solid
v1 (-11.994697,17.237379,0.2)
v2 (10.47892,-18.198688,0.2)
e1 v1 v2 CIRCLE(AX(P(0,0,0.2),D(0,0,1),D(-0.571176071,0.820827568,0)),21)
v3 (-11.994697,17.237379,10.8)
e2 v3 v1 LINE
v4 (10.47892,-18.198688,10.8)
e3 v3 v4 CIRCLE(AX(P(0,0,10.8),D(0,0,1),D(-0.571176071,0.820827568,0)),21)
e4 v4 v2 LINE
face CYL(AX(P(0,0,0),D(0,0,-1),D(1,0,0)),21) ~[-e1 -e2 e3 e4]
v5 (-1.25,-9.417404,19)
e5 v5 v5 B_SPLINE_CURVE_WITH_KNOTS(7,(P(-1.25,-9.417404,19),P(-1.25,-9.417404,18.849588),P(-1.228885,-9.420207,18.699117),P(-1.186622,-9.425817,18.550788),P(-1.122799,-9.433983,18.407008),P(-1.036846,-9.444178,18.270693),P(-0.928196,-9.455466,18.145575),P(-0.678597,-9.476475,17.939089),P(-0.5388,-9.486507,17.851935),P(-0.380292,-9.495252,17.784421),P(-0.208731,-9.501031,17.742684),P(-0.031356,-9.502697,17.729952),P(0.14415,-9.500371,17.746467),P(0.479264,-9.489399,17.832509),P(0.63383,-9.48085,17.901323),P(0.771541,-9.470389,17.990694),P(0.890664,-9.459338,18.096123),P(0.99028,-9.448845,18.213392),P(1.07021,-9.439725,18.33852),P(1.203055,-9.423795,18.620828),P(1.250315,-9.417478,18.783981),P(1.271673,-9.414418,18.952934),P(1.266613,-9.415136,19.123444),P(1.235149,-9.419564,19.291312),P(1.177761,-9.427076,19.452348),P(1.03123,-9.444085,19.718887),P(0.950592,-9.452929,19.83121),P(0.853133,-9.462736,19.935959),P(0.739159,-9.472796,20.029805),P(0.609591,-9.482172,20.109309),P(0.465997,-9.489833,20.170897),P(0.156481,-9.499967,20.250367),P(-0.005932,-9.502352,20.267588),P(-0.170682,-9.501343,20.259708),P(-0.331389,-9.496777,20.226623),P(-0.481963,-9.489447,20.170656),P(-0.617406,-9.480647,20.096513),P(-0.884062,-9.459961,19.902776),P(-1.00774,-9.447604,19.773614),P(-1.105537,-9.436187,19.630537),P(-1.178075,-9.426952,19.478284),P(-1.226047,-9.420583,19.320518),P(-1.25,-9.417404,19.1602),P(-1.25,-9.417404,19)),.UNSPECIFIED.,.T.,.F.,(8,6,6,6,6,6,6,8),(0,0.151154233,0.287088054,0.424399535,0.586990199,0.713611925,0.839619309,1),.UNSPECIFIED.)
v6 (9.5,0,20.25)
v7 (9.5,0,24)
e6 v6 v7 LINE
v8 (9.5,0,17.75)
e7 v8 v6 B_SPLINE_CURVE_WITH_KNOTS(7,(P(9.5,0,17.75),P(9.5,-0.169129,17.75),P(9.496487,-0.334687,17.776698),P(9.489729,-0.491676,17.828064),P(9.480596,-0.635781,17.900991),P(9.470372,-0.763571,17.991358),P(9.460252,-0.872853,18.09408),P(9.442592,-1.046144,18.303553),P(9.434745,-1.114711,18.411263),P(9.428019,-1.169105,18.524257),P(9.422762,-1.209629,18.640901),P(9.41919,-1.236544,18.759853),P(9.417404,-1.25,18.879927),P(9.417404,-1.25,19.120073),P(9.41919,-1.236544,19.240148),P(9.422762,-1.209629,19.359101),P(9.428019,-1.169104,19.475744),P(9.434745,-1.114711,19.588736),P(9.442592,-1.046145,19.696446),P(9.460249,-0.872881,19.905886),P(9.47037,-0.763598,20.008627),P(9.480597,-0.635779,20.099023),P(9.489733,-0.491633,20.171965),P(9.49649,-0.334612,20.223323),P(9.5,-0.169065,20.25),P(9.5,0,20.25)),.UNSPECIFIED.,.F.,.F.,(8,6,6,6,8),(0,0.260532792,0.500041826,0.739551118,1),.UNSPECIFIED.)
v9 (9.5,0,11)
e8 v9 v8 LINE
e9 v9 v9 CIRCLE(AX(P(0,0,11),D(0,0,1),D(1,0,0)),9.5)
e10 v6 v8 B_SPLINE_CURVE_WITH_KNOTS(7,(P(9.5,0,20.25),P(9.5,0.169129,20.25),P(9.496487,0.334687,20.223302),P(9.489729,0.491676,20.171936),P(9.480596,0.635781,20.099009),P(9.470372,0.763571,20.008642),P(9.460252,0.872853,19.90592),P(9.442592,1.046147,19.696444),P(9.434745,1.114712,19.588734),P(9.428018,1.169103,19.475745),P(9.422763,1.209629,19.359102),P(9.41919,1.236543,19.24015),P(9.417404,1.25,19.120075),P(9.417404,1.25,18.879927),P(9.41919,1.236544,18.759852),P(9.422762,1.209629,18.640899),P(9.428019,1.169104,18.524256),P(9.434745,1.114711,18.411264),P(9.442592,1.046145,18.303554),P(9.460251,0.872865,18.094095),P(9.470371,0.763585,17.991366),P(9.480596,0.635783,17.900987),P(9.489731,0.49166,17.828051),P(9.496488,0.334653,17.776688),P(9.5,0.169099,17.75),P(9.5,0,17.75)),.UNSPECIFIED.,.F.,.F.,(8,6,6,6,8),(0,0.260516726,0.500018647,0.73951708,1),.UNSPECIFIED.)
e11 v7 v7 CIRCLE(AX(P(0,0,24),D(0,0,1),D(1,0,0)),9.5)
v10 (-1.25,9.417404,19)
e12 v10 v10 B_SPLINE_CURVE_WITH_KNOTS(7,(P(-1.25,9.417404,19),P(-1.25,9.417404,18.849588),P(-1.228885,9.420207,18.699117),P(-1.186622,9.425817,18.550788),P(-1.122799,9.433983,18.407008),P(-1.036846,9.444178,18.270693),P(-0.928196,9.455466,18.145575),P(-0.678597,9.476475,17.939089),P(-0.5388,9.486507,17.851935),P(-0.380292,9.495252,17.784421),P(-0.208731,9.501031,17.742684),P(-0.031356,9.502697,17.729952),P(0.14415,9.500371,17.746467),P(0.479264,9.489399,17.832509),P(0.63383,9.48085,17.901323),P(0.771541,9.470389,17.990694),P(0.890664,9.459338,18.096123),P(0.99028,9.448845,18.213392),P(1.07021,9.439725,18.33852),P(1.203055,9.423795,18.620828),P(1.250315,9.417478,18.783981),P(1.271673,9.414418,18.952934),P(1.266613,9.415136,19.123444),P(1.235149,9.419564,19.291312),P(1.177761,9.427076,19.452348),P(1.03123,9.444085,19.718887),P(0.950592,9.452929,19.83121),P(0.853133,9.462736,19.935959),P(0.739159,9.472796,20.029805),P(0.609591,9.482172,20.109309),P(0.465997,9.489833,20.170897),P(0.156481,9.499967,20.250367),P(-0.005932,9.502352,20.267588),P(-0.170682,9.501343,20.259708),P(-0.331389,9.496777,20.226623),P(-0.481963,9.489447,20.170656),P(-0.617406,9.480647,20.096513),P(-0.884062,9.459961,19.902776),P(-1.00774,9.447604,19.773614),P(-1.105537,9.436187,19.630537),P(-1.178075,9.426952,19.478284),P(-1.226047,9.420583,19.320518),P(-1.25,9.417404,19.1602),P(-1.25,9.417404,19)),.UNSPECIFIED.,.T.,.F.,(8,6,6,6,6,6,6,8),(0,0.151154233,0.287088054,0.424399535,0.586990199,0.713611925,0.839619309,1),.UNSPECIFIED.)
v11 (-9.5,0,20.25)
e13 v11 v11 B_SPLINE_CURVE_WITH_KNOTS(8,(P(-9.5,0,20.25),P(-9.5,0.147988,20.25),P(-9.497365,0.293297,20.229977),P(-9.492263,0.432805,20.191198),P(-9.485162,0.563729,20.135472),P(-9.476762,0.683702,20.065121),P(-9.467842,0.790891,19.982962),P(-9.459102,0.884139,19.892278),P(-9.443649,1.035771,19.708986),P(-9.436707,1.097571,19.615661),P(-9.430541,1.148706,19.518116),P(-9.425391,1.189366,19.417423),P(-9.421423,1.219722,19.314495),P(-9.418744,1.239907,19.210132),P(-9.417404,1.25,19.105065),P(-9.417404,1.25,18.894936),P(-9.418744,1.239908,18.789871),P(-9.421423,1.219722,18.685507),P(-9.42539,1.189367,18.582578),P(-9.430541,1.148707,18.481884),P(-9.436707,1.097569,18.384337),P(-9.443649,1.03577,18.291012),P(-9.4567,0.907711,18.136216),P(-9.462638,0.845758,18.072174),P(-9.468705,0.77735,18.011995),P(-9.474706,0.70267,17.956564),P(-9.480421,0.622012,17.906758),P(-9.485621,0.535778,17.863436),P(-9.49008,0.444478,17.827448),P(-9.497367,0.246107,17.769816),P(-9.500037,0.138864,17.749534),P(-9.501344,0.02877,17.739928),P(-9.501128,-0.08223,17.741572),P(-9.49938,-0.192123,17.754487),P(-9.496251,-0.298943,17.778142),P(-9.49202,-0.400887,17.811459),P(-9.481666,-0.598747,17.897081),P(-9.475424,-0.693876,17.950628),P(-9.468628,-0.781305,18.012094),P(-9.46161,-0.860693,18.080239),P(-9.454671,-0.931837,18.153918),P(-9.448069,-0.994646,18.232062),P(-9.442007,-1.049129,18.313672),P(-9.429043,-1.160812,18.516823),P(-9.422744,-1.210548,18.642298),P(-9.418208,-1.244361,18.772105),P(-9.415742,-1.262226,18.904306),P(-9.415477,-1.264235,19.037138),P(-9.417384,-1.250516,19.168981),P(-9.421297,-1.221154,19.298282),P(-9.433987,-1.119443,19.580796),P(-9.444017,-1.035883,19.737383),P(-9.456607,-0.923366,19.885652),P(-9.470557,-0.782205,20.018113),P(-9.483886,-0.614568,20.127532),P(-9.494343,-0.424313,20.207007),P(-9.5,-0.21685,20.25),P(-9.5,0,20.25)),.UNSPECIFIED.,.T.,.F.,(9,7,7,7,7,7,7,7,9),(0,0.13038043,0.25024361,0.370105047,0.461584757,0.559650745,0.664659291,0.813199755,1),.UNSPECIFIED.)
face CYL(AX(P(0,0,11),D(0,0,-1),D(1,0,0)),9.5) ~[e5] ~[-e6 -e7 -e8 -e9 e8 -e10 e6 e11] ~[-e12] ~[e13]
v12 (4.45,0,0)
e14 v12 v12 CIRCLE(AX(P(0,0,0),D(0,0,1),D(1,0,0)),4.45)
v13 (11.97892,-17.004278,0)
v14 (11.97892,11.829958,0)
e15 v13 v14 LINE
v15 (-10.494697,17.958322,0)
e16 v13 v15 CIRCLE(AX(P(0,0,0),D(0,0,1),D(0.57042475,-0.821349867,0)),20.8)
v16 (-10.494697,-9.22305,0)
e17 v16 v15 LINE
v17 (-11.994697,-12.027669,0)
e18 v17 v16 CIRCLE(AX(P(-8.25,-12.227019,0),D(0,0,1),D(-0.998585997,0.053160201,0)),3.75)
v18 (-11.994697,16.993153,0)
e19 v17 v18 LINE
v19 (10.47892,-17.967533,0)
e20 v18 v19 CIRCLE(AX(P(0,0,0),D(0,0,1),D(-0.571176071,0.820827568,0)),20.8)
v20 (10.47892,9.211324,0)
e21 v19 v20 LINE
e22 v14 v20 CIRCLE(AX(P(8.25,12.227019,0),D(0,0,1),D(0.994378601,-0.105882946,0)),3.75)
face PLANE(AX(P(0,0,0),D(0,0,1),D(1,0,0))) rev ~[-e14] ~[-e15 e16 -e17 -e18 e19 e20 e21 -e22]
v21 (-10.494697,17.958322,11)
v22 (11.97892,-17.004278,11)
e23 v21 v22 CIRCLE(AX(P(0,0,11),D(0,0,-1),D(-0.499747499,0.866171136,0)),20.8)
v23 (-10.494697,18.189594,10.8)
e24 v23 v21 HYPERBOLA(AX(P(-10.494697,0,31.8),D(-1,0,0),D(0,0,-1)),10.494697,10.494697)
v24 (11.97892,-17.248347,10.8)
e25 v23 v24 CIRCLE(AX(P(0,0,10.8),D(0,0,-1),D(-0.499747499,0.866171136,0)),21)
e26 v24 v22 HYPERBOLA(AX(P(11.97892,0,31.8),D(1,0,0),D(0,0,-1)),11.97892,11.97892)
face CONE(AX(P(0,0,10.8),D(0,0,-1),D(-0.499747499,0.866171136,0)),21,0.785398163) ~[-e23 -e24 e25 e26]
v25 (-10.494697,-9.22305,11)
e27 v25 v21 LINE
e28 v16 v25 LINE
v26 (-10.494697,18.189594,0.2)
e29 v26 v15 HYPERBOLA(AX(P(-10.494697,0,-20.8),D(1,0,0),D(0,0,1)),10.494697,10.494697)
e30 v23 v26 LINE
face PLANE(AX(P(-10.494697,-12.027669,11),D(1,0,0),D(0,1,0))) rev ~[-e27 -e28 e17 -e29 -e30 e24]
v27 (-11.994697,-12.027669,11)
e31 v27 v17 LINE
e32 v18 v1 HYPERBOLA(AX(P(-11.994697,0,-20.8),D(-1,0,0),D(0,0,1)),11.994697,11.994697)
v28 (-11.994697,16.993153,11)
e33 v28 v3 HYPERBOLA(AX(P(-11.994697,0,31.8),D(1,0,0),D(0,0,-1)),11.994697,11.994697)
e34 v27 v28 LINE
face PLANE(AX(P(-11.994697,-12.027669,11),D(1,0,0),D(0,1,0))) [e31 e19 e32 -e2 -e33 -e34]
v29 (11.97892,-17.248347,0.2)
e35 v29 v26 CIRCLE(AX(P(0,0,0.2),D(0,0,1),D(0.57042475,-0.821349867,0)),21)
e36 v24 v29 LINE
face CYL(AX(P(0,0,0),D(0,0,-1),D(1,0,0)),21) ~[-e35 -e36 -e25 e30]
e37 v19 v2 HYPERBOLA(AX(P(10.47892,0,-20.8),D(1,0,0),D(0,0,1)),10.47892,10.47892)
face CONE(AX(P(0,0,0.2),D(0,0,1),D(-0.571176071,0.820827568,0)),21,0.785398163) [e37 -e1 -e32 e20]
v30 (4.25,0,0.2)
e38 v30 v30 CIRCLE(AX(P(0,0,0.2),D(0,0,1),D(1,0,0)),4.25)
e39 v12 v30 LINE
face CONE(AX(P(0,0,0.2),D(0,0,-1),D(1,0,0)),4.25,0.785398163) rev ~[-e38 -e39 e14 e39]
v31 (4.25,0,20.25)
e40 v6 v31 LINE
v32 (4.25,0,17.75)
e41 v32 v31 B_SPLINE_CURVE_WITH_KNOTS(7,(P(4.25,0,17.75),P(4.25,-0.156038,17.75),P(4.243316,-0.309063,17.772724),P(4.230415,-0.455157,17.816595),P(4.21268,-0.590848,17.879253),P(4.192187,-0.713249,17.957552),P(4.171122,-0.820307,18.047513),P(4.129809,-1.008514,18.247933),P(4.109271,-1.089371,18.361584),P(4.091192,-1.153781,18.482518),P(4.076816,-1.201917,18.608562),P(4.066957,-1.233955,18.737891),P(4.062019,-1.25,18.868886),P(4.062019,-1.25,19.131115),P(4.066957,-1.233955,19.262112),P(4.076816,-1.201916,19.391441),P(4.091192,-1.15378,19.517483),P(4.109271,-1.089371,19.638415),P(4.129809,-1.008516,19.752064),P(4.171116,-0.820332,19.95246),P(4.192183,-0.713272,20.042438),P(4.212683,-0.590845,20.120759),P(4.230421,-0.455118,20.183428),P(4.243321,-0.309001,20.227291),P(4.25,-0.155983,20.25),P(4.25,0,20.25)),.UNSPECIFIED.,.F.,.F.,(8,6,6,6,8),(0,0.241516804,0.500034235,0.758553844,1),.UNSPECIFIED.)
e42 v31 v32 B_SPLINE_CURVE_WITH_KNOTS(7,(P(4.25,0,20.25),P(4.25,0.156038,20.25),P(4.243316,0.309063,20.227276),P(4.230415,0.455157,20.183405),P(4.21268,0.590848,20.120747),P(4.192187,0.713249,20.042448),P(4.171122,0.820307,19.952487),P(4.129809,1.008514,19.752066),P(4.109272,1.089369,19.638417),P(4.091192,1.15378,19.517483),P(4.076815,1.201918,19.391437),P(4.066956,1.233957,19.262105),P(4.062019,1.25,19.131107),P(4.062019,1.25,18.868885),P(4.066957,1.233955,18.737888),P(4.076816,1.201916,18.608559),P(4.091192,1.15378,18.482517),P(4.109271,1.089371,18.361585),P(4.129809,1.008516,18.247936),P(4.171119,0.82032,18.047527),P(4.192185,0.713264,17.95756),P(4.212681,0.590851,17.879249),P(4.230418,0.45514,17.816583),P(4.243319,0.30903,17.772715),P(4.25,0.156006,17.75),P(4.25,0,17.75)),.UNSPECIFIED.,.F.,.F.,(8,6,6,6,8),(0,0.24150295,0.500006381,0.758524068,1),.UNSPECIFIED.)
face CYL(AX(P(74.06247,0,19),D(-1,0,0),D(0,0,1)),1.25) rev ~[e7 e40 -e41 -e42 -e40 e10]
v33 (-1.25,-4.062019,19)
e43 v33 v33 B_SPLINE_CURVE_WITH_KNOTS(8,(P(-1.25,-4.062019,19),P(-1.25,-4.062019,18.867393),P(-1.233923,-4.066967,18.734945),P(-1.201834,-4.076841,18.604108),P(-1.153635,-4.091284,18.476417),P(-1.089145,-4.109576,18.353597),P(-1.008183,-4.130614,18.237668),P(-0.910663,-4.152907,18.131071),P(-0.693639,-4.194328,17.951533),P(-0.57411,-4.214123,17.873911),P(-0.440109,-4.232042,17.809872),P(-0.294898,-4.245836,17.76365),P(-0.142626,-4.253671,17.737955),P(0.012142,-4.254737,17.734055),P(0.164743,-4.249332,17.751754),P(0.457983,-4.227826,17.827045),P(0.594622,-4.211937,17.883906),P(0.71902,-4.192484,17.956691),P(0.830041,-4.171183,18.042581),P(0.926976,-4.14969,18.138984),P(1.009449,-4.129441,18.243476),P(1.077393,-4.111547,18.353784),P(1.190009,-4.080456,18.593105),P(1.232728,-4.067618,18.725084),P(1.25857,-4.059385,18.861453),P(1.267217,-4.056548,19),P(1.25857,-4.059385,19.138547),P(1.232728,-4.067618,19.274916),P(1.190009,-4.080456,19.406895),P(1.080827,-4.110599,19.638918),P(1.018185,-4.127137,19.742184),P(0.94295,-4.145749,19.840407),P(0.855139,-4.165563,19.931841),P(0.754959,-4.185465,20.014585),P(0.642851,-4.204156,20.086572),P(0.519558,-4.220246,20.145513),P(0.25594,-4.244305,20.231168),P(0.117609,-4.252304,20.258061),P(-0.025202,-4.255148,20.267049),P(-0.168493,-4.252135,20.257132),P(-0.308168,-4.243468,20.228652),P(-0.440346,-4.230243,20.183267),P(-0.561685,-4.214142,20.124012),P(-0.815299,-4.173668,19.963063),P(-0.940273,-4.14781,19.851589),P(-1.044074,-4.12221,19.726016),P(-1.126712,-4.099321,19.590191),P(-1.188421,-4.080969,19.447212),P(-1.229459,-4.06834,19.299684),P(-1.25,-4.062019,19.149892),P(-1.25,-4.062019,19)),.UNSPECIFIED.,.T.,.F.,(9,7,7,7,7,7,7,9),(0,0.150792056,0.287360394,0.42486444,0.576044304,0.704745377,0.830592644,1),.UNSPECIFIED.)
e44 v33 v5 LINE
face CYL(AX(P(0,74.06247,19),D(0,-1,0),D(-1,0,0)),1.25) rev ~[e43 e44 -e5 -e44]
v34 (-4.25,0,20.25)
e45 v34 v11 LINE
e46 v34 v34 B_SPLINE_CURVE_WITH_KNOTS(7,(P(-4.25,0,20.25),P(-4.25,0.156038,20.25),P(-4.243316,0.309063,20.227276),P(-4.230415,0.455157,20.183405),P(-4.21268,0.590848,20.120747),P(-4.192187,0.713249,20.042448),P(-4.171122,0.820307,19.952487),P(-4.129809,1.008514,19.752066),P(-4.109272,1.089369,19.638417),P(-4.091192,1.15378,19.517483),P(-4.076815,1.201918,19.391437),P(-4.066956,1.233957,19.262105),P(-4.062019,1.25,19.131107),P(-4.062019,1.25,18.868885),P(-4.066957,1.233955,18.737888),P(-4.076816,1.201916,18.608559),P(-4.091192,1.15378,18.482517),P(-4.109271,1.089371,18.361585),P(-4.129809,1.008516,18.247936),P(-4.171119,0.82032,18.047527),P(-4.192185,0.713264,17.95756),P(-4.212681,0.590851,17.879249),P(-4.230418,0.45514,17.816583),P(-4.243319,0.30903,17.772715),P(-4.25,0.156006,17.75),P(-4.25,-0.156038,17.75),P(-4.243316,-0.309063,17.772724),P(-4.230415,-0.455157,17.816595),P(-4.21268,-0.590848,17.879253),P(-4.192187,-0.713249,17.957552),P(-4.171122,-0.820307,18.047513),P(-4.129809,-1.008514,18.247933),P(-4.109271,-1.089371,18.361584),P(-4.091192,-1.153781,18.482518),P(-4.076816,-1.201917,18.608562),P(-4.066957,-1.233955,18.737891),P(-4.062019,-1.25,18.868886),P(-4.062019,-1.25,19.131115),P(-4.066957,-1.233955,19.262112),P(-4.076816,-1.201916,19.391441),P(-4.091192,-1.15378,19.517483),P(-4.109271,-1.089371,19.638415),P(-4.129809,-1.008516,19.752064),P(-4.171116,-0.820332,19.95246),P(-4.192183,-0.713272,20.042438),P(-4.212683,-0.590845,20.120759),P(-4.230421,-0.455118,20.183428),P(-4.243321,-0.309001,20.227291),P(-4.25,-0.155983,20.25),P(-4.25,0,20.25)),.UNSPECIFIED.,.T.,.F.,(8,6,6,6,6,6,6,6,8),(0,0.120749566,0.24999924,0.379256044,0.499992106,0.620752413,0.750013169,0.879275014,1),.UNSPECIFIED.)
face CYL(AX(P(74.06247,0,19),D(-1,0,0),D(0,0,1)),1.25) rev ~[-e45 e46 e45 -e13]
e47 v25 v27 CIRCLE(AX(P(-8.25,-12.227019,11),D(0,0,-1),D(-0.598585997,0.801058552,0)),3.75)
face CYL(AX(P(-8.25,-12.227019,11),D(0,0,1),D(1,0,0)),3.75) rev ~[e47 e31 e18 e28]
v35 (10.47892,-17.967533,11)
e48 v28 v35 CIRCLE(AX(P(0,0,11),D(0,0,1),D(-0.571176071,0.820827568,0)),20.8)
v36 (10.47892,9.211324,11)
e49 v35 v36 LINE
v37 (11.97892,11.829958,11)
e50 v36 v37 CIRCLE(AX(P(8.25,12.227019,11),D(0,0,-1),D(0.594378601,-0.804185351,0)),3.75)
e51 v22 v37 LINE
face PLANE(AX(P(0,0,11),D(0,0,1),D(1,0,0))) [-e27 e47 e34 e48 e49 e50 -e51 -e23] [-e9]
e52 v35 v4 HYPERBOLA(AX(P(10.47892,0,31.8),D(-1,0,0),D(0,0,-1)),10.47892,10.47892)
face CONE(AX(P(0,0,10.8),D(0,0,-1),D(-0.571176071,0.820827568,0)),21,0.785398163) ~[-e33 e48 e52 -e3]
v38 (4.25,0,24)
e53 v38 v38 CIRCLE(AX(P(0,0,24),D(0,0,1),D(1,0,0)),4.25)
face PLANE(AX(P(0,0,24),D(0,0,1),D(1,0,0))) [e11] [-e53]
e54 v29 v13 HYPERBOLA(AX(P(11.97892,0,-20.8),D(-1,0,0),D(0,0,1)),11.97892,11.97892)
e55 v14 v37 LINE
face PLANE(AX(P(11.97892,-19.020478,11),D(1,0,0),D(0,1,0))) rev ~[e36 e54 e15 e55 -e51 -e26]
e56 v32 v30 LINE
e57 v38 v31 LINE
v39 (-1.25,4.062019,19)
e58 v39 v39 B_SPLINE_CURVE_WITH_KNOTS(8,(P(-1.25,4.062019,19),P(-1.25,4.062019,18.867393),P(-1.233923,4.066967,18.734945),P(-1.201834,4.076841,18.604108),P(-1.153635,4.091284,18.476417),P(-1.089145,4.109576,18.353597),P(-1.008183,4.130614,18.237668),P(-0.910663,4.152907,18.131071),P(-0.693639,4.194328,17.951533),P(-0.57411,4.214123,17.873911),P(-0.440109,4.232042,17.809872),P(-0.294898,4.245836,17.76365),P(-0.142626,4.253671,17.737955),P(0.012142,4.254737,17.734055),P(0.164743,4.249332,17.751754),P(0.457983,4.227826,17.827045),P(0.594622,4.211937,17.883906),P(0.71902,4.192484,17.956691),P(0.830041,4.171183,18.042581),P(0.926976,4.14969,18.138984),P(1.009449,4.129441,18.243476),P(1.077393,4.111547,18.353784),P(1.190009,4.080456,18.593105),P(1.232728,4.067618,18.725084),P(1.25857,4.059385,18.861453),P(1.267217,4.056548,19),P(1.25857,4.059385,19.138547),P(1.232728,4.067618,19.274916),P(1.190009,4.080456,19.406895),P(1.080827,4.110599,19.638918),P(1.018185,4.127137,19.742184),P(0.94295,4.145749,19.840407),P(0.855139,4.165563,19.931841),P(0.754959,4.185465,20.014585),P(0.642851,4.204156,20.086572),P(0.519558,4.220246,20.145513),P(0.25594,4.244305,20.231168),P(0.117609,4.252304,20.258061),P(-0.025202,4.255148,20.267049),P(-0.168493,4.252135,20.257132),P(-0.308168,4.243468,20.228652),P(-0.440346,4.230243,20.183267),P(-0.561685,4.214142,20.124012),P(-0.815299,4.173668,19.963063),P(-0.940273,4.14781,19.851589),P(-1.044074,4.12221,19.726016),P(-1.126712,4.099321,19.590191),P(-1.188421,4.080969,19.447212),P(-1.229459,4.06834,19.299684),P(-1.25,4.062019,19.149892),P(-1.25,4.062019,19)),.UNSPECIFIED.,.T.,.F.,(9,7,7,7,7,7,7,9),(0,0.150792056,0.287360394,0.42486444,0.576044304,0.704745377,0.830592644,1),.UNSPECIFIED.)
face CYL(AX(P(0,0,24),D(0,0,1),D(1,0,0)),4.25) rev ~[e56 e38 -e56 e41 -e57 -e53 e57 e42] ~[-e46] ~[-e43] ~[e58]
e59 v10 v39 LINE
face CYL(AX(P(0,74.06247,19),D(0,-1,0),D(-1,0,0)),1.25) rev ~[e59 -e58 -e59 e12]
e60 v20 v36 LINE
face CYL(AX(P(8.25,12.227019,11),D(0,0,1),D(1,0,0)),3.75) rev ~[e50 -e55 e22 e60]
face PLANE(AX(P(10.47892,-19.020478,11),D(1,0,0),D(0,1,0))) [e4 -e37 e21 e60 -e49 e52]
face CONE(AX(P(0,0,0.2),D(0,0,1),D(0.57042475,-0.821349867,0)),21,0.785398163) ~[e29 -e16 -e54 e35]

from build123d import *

# Parameters (mm, degrees)
ESQUISSE1_R                               = 21
BOSS_EXTRU_1_DEPTH                        = 11
ESQUISSE2_R                               = 9.5
BOSS_EXTRU_2_DEPTH                        = 13
ESQUISSE3_R                               = 4.25
ENL_V_MAT_EXTRU_1_DEPTH                   = 25
ESQUISSE4_R                               = 3.75
ENL_V_MAT_EXTRU_2_DEPTH                   = 12
ESQUISSE5_W                               = 1.5
ESQUISSE5_H                               = 31.997947006
ESQUISSE5_H_2                             = 31.644558259
ENL_V_MAT_EXTRU_3_DEPTH                   = 12
TROU_POUR_TARAUDAGE_POUR_TROU_TARAUD_M3_D = 2.5
TROU_POUR_TARAUDAGE_POUR_TROU_TARAUD_2_D  = 2.5
CHANFREIN1_SIZE                           = 0.2


with BuildPart() as part:
    # Esquisse1 → Boss.-Extru.1 (new body)
    with BuildSketch(Plane.XY):
        Circle(ESQUISSE1_R)
    extrude(amount=BOSS_EXTRU_1_DEPTH)

    # Esquisse2 → Boss.-Extru.2 (add)
    with BuildSketch(Plane.XY.offset(11)):
        Circle(ESQUISSE2_R)
    extrude(amount=BOSS_EXTRU_2_DEPTH)

    # Esquisse3 → Enlèv. mat.-Extru.1 (cut, through all)
    with BuildSketch(Plane.XY.offset(24)):
        Circle(ESQUISSE3_R)
    extrude(amount=-ENL_V_MAT_EXTRU_1_DEPTH, mode=Mode.SUBTRACT)

    # Esquisse4 → Enlèv. mat.-Extru.2 (cut, through all)
    with BuildSketch(Plane.XY.offset(11)):
        with Locations((8.25, 12.227019261)):
            Circle(ESQUISSE4_R)
        with Locations((-8.25, -12.227019261)):
            Circle(ESQUISSE4_R)
    extrude(amount=-ENL_V_MAT_EXTRU_2_DEPTH, mode=Mode.SUBTRACT)

    # Esquisse5 → Enlèv. mat.-Extru.3 (cut, through all)
    with BuildSketch(Plane.XY.offset(11)):
        with Locations((-11.244697488, 3.971304994)):
            Rectangle(ESQUISSE5_W, ESQUISSE5_H)
        with Locations((11.228919753, -3.198198825)):
            Rectangle(ESQUISSE5_W, ESQUISSE5_H_2)
    extrude(amount=-ENL_V_MAT_EXTRU_3_DEPTH, mode=Mode.SUBTRACT)

    # Trou pour taraudage pour trou taraud_ M3 (through all)
    with Locations(Plane(origin=(0, 10, 0), x_dir=(1, 0, 0), z_dir=(0, 1, 0))):
        with Locations((0, -19)):
            Hole(TROU_POUR_TARAUDAGE_POUR_TROU_TARAUD_M3_D / 2)

    # Trou pour taraudage pour trou taraud 2 (through all)
    with Locations(Plane(origin=(10, 0, 0), x_dir=(0, 0, -1), z_dir=(1, 0, 0))):
        with Locations((-19, 0)):
            Hole(TROU_POUR_TARAUDAGE_POUR_TROU_TARAUD_2_D / 2)

    # Chanfrein1
    chanfrein1_edges = [part.edges().sort_by_distance(p)[0] for p in [
        (-4.25, 0, 0),
        (-17.734235345, -11.24708392, 0),
        (-17.734235345, -11.24708392, 11),
        (17.734504383, 11.246659695, 0),
        (17.734504383, 11.246659695, 11),
    ]]
    chamfer(chanfrein1_edges, length=CHANFREIN1_SIZE)


solid = part.part
